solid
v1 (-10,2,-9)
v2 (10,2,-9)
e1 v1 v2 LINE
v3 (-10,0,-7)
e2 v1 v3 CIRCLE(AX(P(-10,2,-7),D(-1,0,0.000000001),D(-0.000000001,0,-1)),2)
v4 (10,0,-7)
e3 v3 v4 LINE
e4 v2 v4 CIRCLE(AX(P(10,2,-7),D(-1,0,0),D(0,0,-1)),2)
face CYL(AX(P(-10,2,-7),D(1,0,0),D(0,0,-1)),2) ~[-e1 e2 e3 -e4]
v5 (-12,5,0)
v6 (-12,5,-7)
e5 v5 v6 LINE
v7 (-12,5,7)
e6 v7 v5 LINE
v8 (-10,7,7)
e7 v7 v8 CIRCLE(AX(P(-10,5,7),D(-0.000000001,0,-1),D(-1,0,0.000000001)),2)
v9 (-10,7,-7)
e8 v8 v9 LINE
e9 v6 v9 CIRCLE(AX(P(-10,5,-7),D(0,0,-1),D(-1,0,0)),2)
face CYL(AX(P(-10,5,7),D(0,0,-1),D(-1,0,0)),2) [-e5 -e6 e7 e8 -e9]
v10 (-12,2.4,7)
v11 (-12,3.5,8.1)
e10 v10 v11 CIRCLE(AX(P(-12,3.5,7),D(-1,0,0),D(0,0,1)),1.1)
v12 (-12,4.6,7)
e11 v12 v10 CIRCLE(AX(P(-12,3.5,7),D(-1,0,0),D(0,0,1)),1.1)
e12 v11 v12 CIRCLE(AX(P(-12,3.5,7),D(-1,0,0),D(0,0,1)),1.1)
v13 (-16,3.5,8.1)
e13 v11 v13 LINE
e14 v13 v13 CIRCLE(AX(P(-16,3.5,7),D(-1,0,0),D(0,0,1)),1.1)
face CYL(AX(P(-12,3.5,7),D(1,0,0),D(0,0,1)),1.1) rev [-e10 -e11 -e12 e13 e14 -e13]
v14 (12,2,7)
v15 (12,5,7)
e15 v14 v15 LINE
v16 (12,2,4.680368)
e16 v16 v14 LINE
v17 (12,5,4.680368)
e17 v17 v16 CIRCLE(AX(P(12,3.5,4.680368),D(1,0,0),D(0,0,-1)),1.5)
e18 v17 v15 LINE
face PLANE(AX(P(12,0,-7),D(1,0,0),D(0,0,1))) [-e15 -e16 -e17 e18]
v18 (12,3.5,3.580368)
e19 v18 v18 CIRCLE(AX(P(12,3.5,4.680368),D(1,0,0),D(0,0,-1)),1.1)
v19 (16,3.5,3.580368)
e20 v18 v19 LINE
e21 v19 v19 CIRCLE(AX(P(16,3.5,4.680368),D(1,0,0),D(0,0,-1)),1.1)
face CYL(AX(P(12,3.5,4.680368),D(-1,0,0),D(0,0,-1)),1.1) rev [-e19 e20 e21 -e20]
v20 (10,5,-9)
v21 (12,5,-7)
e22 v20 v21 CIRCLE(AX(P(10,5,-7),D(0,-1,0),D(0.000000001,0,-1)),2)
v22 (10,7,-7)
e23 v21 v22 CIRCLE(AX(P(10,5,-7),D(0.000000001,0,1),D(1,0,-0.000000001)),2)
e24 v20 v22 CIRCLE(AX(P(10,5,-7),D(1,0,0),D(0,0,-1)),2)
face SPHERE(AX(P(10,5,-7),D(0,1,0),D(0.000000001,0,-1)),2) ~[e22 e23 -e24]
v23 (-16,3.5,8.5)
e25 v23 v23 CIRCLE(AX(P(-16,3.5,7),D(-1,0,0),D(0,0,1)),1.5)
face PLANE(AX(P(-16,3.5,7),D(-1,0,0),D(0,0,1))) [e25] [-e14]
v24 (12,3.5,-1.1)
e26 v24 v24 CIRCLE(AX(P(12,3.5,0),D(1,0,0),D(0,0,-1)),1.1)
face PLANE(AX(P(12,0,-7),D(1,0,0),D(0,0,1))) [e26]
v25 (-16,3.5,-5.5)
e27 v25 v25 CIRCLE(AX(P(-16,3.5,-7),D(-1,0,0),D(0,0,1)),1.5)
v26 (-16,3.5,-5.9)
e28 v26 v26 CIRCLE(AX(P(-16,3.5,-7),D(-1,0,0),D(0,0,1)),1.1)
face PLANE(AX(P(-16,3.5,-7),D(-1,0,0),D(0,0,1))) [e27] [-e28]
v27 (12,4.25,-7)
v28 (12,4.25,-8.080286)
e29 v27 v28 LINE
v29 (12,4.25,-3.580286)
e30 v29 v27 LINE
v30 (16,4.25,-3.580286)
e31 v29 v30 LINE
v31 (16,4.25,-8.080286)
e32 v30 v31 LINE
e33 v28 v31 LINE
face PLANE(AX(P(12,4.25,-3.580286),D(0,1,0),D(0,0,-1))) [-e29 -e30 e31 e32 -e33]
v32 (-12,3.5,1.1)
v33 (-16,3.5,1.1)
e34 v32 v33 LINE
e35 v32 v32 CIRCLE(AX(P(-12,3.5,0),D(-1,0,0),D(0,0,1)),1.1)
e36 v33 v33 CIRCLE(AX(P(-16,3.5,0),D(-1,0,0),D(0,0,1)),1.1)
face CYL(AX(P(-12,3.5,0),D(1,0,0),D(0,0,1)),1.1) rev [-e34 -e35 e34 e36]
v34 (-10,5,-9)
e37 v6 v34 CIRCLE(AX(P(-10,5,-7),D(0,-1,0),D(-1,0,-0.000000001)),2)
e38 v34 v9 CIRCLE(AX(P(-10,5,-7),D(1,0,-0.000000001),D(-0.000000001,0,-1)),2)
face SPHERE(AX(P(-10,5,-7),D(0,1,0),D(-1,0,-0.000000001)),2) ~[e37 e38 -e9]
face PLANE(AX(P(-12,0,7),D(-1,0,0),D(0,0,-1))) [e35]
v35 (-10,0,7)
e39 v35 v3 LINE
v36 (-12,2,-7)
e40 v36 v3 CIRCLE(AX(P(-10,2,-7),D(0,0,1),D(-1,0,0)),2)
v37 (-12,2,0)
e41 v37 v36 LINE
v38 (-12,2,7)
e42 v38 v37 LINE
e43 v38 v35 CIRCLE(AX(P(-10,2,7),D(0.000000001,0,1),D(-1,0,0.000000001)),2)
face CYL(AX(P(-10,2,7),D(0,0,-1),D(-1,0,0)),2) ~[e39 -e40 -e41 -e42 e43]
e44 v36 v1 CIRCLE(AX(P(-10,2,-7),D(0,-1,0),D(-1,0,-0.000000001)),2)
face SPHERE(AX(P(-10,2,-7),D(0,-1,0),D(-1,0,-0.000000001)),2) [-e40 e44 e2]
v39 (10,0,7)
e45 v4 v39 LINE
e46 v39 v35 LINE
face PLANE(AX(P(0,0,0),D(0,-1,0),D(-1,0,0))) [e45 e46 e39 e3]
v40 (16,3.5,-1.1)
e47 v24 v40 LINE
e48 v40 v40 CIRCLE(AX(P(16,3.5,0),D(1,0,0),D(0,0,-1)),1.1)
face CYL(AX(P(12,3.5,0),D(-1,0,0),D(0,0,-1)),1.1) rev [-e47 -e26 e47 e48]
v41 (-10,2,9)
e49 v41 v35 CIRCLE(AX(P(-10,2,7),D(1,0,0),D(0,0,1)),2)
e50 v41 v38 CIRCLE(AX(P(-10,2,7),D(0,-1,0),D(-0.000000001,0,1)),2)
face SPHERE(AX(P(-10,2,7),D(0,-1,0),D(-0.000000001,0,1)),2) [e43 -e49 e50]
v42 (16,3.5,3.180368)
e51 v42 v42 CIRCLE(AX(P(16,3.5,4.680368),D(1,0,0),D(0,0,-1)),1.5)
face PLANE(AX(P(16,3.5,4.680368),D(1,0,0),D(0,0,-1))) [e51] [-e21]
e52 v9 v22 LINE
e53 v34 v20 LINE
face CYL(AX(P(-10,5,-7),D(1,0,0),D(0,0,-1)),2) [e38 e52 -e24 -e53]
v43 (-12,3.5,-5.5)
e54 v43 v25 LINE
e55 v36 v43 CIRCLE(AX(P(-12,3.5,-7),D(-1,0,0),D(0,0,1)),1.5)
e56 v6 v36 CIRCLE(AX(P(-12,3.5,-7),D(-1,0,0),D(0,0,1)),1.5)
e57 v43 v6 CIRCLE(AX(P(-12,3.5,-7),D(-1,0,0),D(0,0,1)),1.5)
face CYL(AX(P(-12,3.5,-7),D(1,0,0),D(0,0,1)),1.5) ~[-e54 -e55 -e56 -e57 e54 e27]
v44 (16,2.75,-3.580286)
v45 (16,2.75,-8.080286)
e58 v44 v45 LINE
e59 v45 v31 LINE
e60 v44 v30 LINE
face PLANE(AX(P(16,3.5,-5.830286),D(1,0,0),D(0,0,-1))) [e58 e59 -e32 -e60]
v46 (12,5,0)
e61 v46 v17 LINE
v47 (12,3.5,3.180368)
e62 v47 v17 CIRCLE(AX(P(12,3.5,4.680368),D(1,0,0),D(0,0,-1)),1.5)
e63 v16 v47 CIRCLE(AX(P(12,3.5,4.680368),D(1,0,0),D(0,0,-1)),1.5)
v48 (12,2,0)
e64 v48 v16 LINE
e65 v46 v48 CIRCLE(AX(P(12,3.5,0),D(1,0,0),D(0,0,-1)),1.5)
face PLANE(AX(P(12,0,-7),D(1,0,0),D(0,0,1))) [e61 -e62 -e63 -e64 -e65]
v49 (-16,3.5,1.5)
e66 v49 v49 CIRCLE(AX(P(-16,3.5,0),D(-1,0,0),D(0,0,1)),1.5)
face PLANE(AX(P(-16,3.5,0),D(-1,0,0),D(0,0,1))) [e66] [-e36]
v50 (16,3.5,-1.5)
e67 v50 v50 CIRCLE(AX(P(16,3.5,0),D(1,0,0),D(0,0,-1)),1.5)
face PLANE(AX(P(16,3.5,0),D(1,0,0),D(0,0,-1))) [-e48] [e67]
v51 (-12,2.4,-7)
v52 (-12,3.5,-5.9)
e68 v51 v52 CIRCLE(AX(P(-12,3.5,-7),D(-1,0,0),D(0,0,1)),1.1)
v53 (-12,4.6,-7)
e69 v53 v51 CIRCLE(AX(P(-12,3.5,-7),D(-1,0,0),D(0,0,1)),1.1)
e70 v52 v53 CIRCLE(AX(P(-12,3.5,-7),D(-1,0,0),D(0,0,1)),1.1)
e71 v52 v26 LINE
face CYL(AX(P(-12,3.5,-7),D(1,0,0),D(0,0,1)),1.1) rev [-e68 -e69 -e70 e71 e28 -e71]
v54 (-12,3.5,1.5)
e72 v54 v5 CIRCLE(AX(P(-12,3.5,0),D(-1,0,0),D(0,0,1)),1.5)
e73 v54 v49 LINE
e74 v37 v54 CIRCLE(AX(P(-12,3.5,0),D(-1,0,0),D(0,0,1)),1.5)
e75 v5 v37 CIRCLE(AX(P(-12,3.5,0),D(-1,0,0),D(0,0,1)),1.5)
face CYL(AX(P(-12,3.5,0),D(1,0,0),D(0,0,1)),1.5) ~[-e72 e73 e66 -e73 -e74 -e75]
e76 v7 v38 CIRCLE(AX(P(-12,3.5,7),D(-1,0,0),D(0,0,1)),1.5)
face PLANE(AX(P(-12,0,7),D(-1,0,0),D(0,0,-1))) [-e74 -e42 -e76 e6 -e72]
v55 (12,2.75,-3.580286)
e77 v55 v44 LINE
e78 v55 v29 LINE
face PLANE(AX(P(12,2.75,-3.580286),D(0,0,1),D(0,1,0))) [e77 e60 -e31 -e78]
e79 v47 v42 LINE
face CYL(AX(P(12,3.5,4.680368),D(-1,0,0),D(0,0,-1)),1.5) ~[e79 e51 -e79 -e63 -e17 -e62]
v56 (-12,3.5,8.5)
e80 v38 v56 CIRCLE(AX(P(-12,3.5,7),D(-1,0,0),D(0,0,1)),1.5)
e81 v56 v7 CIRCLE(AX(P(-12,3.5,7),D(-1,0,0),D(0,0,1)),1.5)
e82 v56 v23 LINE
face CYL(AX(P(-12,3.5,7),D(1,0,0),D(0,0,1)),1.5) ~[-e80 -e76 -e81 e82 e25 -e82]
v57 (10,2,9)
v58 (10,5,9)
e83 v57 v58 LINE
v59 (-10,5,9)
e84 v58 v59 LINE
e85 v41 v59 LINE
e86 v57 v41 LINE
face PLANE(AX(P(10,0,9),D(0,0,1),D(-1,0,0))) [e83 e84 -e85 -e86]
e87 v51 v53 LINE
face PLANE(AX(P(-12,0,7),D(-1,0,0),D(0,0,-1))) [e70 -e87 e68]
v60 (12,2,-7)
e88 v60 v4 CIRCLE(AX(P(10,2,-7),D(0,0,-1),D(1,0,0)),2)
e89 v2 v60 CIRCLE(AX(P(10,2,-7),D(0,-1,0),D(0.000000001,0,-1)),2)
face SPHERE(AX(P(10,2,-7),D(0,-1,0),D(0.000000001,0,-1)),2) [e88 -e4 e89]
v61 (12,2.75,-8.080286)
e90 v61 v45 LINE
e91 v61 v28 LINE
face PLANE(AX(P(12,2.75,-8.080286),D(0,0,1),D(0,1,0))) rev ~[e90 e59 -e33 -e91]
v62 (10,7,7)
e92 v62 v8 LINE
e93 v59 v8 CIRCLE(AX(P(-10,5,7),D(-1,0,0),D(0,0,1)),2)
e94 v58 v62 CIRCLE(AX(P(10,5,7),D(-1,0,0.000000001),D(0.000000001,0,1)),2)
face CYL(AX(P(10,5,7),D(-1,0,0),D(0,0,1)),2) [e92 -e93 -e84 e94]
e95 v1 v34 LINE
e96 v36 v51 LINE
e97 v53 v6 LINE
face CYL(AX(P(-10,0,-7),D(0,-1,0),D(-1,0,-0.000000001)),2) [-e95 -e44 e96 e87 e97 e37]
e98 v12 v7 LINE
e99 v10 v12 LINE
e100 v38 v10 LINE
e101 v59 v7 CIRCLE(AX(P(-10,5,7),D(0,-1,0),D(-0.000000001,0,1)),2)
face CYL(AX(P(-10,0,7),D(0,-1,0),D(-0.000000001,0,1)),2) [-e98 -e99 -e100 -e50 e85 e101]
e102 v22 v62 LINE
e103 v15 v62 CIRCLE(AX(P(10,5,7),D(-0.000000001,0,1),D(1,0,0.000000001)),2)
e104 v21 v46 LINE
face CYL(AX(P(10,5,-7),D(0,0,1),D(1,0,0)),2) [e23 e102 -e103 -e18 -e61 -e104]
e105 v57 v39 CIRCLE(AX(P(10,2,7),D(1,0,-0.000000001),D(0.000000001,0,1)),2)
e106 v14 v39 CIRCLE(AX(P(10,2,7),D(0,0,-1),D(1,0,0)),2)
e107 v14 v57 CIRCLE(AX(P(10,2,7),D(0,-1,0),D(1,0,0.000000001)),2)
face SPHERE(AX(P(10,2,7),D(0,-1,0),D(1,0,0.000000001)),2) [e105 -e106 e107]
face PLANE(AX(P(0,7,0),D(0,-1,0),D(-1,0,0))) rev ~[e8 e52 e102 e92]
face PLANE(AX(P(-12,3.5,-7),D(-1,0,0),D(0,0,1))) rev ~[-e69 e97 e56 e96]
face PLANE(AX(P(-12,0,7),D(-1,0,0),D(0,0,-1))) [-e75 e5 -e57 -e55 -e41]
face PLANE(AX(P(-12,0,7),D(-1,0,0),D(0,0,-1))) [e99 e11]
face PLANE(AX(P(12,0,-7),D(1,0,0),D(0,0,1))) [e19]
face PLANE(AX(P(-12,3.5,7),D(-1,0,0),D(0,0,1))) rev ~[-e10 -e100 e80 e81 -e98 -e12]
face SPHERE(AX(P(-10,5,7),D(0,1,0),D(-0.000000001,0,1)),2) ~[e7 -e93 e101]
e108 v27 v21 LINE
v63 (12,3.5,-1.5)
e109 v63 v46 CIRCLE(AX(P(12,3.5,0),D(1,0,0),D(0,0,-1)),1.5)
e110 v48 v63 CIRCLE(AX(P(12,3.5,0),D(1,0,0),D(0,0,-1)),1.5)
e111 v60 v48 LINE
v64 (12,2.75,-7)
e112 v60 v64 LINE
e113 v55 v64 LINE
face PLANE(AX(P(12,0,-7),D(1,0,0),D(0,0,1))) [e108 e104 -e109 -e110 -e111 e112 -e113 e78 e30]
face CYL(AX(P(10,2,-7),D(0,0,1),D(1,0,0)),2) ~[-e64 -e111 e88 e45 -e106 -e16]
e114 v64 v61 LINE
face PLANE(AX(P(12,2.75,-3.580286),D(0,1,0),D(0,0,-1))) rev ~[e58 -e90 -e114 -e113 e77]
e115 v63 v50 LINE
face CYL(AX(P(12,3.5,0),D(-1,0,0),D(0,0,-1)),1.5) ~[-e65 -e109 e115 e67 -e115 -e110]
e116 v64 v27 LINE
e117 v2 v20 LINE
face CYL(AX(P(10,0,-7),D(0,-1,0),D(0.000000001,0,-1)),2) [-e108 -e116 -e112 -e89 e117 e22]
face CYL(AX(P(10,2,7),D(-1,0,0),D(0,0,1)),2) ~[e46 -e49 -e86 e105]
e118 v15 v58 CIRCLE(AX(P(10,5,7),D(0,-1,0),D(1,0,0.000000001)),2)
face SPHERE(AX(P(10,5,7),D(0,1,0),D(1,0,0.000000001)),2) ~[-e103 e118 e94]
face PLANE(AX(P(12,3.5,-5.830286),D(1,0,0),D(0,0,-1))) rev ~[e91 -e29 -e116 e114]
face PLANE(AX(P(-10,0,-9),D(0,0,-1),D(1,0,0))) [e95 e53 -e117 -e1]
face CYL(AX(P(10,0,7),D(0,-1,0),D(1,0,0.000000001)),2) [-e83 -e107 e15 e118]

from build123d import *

# Parameters (mm, degrees)
BOSS_EXTRUDE1_DEPTH = 7
FILLET1_R           = 2
SKETCH3_R           = 1.5
SKETCH3_R_2         = 1.1
BOSS_EXTRUDE2_DEPTH = 4
SKETCH4_R           = 1.5
SKETCH4_R_2         = 1.1
SKETCH4_W           = 4.5
SKETCH4_H           = 1.5
BOSS_EXTRUDE3_DEPTH = 4


with BuildPart() as part:
    # Sketch1 → Boss-Extrude1 (new body)
    with BuildSketch(Plane(origin=(0, 0, 0), x_dir=(1, 0, 0), z_dir=(0, 1, 0))):
        with BuildLine():
            Line((10, -9), (-10, -9))
            ThreePointArc((-10, -9), (-11.414213562, -8.414213562), (-12, -7))
            Line((-12, -7), (-12, 7))
            ThreePointArc((-12, 7), (-11.414213562, 8.414213562), (-10, 9))
            Line((-10, 9), (10, 9))
            ThreePointArc((10, 9), (11.414213562, 8.414213562), (12, 7))
            Line((12, 7), (12, -7))
            ThreePointArc((12, -7), (11.414213562, -8.414213562), (10, -9))
        make_face()
    extrude(amount=BOSS_EXTRUDE1_DEPTH)

    # Fillet1
    fillet1_edges = [part.edges().sort_by_distance(p)[0] for p in [
        (12, 0, 0),
        (11.414213562, 0, 8.414213562),
        (0, 0, 9),
        (-11.414213562, 0, 8.414213562),
        (11.414213562, 7, 8.414213562),
        (12, 7, 0),
        (11.414213562, 7, -8.414213562),
        (0, 7, -9),
        (-11.414213562, 7, -8.414213562),
        (-12, 7, 0),
        (-11.414213562, 7, 8.414213562),
        (-12, 0, 0),
        (0, 7, 9),
        (-11.414213562, 0, -8.414213562),
        (0, 0, -9),
        (11.414213562, 0, -8.414213562),
    ]]
    fillet(fillet1_edges, radius=FILLET1_R)

    # Sketch3 → Boss-Extrude2 (add)
    with BuildSketch(Plane.ZY.offset(12)):
        with Locations((7, 3.5)):
            Circle(SKETCH3_R)
        with Locations((7, 3.5)):
            Circle(SKETCH3_R_2, mode=Mode.SUBTRACT)
        with Locations((0, 3.5)):
            Circle(SKETCH3_R)
        with Locations((0, 3.5)):
            Circle(SKETCH3_R_2, mode=Mode.SUBTRACT)
        with Locations((-7, 3.5)):
            Circle(SKETCH3_R)
        with Locations((-7, 3.5)):
            Circle(SKETCH3_R_2, mode=Mode.SUBTRACT)
    extrude(amount=BOSS_EXTRUDE2_DEPTH)

    # Sketch4 → Boss-Extrude3 (add)
    with BuildSketch(Plane(origin=(12, 0, 0), x_dir=(0, 0, -1), z_dir=(1, 0, 0))):
        with Locations((-4.680368176, 3.5)):
            Circle(SKETCH4_R)
        with Locations((-4.680368176, 3.5)):
            Circle(SKETCH4_R_2, mode=Mode.SUBTRACT)
        with Locations((0, 3.5)):
            Circle(SKETCH4_R)
        with Locations((0, 3.5)):
            Circle(SKETCH4_R_2, mode=Mode.SUBTRACT)
        with Locations((5.830286219, 3.5)):
            Rectangle(SKETCH4_W, SKETCH4_H)
    extrude(amount=BOSS_EXTRUDE3_DEPTH)


solid = part.part
